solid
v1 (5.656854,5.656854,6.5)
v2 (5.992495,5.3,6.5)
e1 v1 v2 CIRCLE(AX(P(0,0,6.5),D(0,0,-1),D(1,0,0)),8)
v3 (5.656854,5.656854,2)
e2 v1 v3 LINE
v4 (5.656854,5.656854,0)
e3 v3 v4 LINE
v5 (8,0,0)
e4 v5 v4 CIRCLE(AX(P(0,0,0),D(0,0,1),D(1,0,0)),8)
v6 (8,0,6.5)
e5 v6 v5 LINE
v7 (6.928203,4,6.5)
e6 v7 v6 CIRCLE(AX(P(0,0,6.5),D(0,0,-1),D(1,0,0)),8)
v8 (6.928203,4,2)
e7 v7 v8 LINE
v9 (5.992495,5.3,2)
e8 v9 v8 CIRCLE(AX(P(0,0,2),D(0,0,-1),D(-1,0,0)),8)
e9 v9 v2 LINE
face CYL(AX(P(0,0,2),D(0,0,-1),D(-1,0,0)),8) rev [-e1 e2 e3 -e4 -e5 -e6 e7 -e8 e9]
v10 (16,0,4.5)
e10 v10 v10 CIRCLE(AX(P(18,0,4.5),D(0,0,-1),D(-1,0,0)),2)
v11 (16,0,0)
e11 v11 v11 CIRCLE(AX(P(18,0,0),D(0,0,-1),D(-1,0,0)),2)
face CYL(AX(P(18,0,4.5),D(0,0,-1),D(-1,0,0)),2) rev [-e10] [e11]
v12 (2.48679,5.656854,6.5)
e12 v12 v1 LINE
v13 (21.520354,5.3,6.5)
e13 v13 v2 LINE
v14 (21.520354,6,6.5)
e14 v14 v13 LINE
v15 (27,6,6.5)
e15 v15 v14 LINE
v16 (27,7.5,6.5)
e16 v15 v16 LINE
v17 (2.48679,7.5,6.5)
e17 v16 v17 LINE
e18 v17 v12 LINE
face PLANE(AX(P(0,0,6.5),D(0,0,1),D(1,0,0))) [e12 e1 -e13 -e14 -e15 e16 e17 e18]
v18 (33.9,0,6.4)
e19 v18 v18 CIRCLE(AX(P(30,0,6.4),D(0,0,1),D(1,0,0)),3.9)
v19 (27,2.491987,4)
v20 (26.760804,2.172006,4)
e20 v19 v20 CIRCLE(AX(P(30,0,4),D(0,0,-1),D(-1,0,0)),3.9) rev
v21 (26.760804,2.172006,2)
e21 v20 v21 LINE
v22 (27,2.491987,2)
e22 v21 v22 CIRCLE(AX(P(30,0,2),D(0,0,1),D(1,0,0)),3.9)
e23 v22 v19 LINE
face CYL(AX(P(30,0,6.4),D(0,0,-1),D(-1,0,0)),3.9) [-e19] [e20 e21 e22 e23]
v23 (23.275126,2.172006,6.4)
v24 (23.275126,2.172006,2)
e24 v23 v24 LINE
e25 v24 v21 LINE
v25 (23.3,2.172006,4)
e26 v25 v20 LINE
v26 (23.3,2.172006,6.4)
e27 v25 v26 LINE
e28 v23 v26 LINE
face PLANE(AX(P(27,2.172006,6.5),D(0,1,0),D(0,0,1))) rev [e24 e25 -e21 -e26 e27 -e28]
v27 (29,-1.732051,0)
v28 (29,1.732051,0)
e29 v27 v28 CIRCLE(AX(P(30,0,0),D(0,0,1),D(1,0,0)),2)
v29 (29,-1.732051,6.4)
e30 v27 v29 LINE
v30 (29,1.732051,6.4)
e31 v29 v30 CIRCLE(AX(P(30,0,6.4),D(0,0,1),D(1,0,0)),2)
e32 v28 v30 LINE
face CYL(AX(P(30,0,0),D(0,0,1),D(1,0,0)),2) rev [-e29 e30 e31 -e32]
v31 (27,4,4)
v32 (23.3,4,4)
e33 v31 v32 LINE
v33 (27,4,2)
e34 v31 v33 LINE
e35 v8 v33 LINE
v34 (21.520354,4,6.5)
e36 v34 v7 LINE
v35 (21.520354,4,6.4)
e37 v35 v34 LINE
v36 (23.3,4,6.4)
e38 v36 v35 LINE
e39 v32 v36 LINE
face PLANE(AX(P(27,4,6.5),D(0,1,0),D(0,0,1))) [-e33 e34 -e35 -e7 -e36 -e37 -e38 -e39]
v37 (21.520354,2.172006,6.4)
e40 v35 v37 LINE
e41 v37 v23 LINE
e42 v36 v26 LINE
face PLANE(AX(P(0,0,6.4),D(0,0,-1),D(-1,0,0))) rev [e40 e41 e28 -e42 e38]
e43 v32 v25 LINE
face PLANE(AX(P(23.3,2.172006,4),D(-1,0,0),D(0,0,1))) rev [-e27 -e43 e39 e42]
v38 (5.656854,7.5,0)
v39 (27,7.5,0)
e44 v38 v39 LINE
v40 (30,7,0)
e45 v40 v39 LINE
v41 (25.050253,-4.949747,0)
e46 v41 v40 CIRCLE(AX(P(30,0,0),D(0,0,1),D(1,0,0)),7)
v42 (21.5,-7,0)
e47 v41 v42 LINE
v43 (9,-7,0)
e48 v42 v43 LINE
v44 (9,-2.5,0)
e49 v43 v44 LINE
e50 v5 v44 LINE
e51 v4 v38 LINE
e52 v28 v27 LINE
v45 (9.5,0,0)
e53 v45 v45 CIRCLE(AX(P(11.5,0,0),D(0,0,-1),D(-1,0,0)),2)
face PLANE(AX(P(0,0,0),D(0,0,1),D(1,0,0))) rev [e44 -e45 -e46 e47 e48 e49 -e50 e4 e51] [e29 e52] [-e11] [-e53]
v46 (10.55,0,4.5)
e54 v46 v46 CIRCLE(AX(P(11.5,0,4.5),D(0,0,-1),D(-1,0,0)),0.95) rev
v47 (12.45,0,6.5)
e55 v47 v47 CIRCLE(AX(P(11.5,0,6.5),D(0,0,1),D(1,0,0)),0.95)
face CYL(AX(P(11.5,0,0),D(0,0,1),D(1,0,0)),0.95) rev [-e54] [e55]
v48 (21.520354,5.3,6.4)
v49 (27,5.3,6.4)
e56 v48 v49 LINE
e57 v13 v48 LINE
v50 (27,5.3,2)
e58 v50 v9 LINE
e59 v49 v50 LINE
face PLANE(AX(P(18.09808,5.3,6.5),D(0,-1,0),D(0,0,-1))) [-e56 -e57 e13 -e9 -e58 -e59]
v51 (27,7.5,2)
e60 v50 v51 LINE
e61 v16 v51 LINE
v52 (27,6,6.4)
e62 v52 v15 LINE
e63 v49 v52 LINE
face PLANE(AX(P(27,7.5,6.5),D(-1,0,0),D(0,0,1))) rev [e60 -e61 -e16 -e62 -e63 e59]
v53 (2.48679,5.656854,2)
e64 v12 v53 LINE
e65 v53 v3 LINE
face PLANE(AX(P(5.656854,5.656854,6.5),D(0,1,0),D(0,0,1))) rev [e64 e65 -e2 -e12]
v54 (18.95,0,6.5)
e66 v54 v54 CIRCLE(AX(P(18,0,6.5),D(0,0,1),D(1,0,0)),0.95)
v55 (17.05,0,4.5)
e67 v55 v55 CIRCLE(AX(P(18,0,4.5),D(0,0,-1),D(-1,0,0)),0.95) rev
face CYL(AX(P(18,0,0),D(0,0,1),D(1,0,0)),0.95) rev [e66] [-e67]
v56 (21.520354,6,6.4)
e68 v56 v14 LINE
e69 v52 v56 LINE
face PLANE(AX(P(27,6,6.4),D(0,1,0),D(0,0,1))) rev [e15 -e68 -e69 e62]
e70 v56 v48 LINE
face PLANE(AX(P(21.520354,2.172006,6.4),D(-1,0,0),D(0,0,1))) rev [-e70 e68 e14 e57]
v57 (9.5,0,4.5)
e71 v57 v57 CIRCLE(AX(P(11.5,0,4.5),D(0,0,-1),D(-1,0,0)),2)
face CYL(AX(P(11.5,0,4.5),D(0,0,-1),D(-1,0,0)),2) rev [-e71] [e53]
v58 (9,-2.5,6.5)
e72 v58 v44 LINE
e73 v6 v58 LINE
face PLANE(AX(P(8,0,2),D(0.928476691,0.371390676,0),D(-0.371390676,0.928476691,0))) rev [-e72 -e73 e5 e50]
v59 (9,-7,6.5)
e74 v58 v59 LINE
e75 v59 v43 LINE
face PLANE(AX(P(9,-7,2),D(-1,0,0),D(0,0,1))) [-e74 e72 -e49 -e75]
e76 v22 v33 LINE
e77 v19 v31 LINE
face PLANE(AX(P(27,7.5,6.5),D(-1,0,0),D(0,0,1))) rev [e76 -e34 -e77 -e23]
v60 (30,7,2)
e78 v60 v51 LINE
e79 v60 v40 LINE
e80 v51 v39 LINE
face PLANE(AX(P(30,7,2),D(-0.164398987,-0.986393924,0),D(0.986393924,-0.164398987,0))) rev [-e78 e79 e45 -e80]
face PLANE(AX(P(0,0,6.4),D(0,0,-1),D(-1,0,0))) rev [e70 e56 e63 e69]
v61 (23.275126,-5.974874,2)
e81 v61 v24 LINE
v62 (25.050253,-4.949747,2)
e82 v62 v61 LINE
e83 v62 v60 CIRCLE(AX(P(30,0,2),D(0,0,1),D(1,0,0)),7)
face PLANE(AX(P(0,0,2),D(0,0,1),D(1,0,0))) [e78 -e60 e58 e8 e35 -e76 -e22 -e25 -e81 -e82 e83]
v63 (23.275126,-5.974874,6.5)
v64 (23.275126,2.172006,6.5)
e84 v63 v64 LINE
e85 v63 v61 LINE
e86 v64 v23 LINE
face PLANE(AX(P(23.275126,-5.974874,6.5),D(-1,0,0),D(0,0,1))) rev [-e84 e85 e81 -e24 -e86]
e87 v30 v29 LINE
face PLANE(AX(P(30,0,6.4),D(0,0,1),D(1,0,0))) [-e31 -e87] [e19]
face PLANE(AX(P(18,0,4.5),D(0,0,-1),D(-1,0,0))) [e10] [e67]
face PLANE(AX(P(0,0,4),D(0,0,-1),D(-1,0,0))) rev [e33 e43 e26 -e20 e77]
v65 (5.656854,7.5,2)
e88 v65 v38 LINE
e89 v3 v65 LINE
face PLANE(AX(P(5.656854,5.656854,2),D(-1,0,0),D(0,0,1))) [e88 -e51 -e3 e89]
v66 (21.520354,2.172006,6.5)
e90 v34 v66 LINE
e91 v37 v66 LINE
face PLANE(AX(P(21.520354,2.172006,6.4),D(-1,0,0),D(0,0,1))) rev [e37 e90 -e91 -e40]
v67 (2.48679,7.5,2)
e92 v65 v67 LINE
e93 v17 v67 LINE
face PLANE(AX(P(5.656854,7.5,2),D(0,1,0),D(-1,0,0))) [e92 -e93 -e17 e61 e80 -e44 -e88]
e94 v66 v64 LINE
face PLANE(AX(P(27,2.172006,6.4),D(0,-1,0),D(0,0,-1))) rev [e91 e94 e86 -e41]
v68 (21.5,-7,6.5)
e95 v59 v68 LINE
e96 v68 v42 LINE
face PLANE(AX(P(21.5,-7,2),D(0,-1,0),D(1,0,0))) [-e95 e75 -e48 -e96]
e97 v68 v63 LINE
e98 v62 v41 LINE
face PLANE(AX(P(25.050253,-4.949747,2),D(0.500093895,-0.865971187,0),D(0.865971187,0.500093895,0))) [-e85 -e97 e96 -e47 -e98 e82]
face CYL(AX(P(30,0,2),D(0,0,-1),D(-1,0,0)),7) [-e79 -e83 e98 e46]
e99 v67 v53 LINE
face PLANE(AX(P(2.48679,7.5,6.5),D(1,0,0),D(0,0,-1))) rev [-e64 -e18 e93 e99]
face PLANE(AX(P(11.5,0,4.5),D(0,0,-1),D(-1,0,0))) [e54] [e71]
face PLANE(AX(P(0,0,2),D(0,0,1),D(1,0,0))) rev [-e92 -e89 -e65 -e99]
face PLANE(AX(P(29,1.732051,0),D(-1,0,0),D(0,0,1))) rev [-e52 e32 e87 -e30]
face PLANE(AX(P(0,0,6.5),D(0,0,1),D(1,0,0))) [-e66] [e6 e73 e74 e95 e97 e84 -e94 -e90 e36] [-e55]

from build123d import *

# Parameters (mm, degrees)
BOSS_EXTRUDE1_DEPTH  = 2
BOSS_EXTRUDE6_DEPTH  = 4.5
CUT_EXTRUDE6_DEPTH   = 4.5
BOSS_EXTRUDE14_DEPTH = 2.3
SKETCH32_R           = 2.1
CUT_EXTRUDE7_DEPTH   = 2.3
SKETCH33_W           = 12.5
SKETCH33_H           = 1.343145751
BOSS_EXTRUDE15_DEPTH = 1.2
SKETCH35_W           = 5.479645997
SKETCH35_H           = 3.827993755
CUT_EXTRUDE8_DEPTH   = 2.4
SKETCH36_W           = 3.7
SKETCH36_H           = 1.827993755
CUT_EXTRUDE9_DEPTH   = 2.4
SKETCH37_R           = 3.9
BOSS_EXTRUDE16_DEPTH = 4.4
CUT_EXTRUDE10_DEPTH  = 7.4
SKETCH43_R           = 2.5
BOSS_EXTRUDE17_DEPTH = 1.2
SKETCH44_R           = 0.95
CUT_EXTRUDE11_DEPTH  = 11
SKETCH45_R           = 2
CUT_EXTRUDE12_DEPTH  = 4.5
SKETCH52_R           = 0.75
CUT_EXTRUDE13_DEPTH  = 10


with BuildPart() as part:
    # Sketch3 → Boss-Extrude1 (new body)
    with BuildSketch(Plane.XY):
        with BuildLine():
            Line((8, 0), (9, -2.5))
            Line((9, -2.5), (9, -7))
            Line((9, -7), (21.5, -7))
            Line((21.5, -7), (25.050252532, -4.949747468))
            ThreePointArc((25.050252532, -4.949747468), (36.467156728, -2.678784027), (30, 7))
            Line((30, 7), (27, 7.5))
            Line((27, 7.5), (5.656854249, 7.5))
            Line((5.656854249, 7.5), (5.656854249, 5.656854249))
            ThreePointArc((5.656854249, 5.656854249), (7.39103626, 3.061467459), (8, 0))
        make_face()
    extrude(amount=BOSS_EXTRUDE1_DEPTH)

    # Sketch22 → Boss-Extrude6 (add)
    with BuildSketch(Plane.XY.offset(2)):
        with BuildLine():
            Line((5.656854249, 5.656854249), (2.486790148, 5.656854249))
            Line((2.486790148, 5.656854249), (2.486790148, 7.5))
            Line((2.486790148, 7.5), (5.656854249, 7.5))
            Line((5.656854249, 7.5), (21.5, 7.5))
            Line((21.5, 7.5), (27, 7.5))
            Line((27, 7.5), (27, 2.172006245))
            Line((27, 2.172006245), (23.275126266, 2.172006245))
            Line((23.275126266, 2.172006245), (23.275126266, -5.974873734))
            Line((23.275126266, -5.974873734), (21.5, -7))
            Line((21.5, -7), (9, -7))
            Line((9, -7), (9, -2.5))
            Line((9, -2.5), (8, 0))
            ThreePointArc((8, 0), (7.39103626, 3.061467459), (5.656854249, 5.656854249))
        make_face()
    extrude(amount=BOSS_EXTRUDE6_DEPTH)

    # Sketch26 → Cut-Extrude6 (cut)
    with BuildSketch(Plane.XY.offset(2)):
        Polygon((18.098080448, 5.3), (2.530052458, 5.3), (2.530052458, 4), (18.098080448, 4), (27, 4), (27, 5.3), align=None)
    extrude(amount=CUT_EXTRUDE6_DEPTH, mode=Mode.SUBTRACT)


with BuildPart() as body_2:
    # Sketch31 → Boss-Extrude14 (new body)
    with BuildSketch(Plane.XY.offset(6.5)):
        with BuildLine():
            Line((2.432688066, 5.656854249), (0, 5.656854249))
            ThreePointArc((0, 5.656854249), (-5.656854249, 0), (0, -5.656854249))
            Line((0, -5.656854249), (9, -5.656854249))
            Line((9, -5.656854249), (9, -7))
            Line((9, -7), (21.5, -7))
            Line((21.5, -7), (23.275126266, -5.974873734))
            Line((23.275126266, -5.974873734), (23.275126266, 2.172006245))
            Line((23.275126266, 2.172006245), (27, 2.172006245))
            Line((27, 2.172006245), (27, 7.5))
            Line((27, 7.5), (2.486790148, 7.5))
            Line((2.486790148, 7.5), (2.432688066, 5.656854249))
        make_face()
    extrude(amount=BOSS_EXTRUDE14_DEPTH)

    # Sketch32 → Cut-Extrude7 (cut)
    with BuildSketch(Plane.XY.offset(8.8)):
        Circle(SKETCH32_R)
    extrude(amount=-CUT_EXTRUDE7_DEPTH, mode=Mode.SUBTRACT)

    # Sketch33 → Boss-Extrude15 (add)
    with BuildSketch(Plane.XY.offset(8.8)):
        with Locations((15.25, -6.328427125)):
            Rectangle(SKETCH33_W, SKETCH33_H)
        Polygon((2.486790148, 7.5), (21.5, 7.5), (21.5, 5.656854249), (2.432688066, 5.656854249), align=None)
    extrude(amount=BOSS_EXTRUDE15_DEPTH)


with BuildPart() as cut_extrude8_tool:
    # Sketch35 → Cut-Extrude8 (new body)
    with BuildSketch(Plane.XY.offset(8.8)):
        with Locations((24.260177002, 4.086003123)):
            Rectangle(SKETCH35_W, SKETCH35_H)
    extrude(amount=-CUT_EXTRUDE8_DEPTH)


with BuildPart() as part_1:
    add(part.part)

    # Cut-Extrude8: cut by cut_extrude8_tool
    add(cut_extrude8_tool.part, mode=Mode.SUBTRACT)

    # Sketch36 → Cut-Extrude9 (cut)
    with BuildSketch(Plane.XY.offset(6.4)):
        with Locations((25.15, 3.086003123)):
            Rectangle(SKETCH36_W, SKETCH36_H)
    extrude(amount=-CUT_EXTRUDE9_DEPTH, mode=Mode.SUBTRACT)

    # Sketch37 → Boss-Extrude16 (add)
    with BuildSketch(Plane.XY.offset(2)):
        with Locations((30, 0)):
            Circle(SKETCH37_R)
    extrude(amount=BOSS_EXTRUDE16_DEPTH)

    # Sketch39 → Cut-Extrude10 (cut, through all)
    with BuildSketch(Plane.XY.offset(6.4)):
        with BuildLine():
            Line((29, 1.732050808), (29, -1.732050808))
            ThreePointArc((29, -1.732050808), (32, 0), (29, 1.732050808))
        make_face()
    extrude(amount=-CUT_EXTRUDE10_DEPTH, mode=Mode.SUBTRACT)


with BuildPart() as body_2_1:
    add(body_2.part)

    # Cut-Extrude8: cut by cut_extrude8_tool
    add(cut_extrude8_tool.part, mode=Mode.SUBTRACT)

    # Sketch43 → Boss-Extrude17 (add)
    with BuildSketch(Plane.XY.offset(8.8)):
        with Locations((11.5, 0)):
            Circle(SKETCH43_R)
        with Locations((18, 0)):
            Circle(SKETCH43_R)
    extrude(amount=BOSS_EXTRUDE17_DEPTH)


with BuildPart() as cut_extrude11_tool:
    # Sketch44 → Cut-Extrude11 (new body, through all)
    with BuildSketch(Plane.XY.offset(10)):
        with Locations((11.5, 0)):
            Circle(SKETCH44_R)
        with Locations((18, 0)):
            Circle(SKETCH44_R)
    extrude(amount=-CUT_EXTRUDE11_DEPTH)


with BuildPart() as part_2:
    add(part_1.part)

    # Cut-Extrude11: cut by cut_extrude11_tool
    add(cut_extrude11_tool.part, mode=Mode.SUBTRACT)

    # Sketch45 → Cut-Extrude12 (cut)
    with BuildSketch(Plane(origin=(0, 0, 0), x_dir=(-1, 0, 0), z_dir=(0, 0, -1))):
        with Locations((-11.5, 0)):
            Circle(SKETCH45_R)
        with Locations((-18, 0)):
            Circle(SKETCH45_R)
    extrude(amount=-CUT_EXTRUDE12_DEPTH, mode=Mode.SUBTRACT)


with BuildPart() as body_2_2:
    add(body_2_1.part)

    # Cut-Extrude11: cut by cut_extrude11_tool
    add(cut_extrude11_tool.part, mode=Mode.SUBTRACT)

    # Sketch52 → Cut-Extrude13 (cut, along a direction that is not the sketch's normal)
    with BuildSketch(Plane.XZ.offset(-5.656854249)):
        with Locations((18.235476819, 10)):
            Circle(SKETCH52_R)
    extrude(amount=-CUT_EXTRUDE13_DEPTH, dir=(0.640410196, -0.76803306, 0), mode=Mode.SUBTRACT)


solid = part_2.part
